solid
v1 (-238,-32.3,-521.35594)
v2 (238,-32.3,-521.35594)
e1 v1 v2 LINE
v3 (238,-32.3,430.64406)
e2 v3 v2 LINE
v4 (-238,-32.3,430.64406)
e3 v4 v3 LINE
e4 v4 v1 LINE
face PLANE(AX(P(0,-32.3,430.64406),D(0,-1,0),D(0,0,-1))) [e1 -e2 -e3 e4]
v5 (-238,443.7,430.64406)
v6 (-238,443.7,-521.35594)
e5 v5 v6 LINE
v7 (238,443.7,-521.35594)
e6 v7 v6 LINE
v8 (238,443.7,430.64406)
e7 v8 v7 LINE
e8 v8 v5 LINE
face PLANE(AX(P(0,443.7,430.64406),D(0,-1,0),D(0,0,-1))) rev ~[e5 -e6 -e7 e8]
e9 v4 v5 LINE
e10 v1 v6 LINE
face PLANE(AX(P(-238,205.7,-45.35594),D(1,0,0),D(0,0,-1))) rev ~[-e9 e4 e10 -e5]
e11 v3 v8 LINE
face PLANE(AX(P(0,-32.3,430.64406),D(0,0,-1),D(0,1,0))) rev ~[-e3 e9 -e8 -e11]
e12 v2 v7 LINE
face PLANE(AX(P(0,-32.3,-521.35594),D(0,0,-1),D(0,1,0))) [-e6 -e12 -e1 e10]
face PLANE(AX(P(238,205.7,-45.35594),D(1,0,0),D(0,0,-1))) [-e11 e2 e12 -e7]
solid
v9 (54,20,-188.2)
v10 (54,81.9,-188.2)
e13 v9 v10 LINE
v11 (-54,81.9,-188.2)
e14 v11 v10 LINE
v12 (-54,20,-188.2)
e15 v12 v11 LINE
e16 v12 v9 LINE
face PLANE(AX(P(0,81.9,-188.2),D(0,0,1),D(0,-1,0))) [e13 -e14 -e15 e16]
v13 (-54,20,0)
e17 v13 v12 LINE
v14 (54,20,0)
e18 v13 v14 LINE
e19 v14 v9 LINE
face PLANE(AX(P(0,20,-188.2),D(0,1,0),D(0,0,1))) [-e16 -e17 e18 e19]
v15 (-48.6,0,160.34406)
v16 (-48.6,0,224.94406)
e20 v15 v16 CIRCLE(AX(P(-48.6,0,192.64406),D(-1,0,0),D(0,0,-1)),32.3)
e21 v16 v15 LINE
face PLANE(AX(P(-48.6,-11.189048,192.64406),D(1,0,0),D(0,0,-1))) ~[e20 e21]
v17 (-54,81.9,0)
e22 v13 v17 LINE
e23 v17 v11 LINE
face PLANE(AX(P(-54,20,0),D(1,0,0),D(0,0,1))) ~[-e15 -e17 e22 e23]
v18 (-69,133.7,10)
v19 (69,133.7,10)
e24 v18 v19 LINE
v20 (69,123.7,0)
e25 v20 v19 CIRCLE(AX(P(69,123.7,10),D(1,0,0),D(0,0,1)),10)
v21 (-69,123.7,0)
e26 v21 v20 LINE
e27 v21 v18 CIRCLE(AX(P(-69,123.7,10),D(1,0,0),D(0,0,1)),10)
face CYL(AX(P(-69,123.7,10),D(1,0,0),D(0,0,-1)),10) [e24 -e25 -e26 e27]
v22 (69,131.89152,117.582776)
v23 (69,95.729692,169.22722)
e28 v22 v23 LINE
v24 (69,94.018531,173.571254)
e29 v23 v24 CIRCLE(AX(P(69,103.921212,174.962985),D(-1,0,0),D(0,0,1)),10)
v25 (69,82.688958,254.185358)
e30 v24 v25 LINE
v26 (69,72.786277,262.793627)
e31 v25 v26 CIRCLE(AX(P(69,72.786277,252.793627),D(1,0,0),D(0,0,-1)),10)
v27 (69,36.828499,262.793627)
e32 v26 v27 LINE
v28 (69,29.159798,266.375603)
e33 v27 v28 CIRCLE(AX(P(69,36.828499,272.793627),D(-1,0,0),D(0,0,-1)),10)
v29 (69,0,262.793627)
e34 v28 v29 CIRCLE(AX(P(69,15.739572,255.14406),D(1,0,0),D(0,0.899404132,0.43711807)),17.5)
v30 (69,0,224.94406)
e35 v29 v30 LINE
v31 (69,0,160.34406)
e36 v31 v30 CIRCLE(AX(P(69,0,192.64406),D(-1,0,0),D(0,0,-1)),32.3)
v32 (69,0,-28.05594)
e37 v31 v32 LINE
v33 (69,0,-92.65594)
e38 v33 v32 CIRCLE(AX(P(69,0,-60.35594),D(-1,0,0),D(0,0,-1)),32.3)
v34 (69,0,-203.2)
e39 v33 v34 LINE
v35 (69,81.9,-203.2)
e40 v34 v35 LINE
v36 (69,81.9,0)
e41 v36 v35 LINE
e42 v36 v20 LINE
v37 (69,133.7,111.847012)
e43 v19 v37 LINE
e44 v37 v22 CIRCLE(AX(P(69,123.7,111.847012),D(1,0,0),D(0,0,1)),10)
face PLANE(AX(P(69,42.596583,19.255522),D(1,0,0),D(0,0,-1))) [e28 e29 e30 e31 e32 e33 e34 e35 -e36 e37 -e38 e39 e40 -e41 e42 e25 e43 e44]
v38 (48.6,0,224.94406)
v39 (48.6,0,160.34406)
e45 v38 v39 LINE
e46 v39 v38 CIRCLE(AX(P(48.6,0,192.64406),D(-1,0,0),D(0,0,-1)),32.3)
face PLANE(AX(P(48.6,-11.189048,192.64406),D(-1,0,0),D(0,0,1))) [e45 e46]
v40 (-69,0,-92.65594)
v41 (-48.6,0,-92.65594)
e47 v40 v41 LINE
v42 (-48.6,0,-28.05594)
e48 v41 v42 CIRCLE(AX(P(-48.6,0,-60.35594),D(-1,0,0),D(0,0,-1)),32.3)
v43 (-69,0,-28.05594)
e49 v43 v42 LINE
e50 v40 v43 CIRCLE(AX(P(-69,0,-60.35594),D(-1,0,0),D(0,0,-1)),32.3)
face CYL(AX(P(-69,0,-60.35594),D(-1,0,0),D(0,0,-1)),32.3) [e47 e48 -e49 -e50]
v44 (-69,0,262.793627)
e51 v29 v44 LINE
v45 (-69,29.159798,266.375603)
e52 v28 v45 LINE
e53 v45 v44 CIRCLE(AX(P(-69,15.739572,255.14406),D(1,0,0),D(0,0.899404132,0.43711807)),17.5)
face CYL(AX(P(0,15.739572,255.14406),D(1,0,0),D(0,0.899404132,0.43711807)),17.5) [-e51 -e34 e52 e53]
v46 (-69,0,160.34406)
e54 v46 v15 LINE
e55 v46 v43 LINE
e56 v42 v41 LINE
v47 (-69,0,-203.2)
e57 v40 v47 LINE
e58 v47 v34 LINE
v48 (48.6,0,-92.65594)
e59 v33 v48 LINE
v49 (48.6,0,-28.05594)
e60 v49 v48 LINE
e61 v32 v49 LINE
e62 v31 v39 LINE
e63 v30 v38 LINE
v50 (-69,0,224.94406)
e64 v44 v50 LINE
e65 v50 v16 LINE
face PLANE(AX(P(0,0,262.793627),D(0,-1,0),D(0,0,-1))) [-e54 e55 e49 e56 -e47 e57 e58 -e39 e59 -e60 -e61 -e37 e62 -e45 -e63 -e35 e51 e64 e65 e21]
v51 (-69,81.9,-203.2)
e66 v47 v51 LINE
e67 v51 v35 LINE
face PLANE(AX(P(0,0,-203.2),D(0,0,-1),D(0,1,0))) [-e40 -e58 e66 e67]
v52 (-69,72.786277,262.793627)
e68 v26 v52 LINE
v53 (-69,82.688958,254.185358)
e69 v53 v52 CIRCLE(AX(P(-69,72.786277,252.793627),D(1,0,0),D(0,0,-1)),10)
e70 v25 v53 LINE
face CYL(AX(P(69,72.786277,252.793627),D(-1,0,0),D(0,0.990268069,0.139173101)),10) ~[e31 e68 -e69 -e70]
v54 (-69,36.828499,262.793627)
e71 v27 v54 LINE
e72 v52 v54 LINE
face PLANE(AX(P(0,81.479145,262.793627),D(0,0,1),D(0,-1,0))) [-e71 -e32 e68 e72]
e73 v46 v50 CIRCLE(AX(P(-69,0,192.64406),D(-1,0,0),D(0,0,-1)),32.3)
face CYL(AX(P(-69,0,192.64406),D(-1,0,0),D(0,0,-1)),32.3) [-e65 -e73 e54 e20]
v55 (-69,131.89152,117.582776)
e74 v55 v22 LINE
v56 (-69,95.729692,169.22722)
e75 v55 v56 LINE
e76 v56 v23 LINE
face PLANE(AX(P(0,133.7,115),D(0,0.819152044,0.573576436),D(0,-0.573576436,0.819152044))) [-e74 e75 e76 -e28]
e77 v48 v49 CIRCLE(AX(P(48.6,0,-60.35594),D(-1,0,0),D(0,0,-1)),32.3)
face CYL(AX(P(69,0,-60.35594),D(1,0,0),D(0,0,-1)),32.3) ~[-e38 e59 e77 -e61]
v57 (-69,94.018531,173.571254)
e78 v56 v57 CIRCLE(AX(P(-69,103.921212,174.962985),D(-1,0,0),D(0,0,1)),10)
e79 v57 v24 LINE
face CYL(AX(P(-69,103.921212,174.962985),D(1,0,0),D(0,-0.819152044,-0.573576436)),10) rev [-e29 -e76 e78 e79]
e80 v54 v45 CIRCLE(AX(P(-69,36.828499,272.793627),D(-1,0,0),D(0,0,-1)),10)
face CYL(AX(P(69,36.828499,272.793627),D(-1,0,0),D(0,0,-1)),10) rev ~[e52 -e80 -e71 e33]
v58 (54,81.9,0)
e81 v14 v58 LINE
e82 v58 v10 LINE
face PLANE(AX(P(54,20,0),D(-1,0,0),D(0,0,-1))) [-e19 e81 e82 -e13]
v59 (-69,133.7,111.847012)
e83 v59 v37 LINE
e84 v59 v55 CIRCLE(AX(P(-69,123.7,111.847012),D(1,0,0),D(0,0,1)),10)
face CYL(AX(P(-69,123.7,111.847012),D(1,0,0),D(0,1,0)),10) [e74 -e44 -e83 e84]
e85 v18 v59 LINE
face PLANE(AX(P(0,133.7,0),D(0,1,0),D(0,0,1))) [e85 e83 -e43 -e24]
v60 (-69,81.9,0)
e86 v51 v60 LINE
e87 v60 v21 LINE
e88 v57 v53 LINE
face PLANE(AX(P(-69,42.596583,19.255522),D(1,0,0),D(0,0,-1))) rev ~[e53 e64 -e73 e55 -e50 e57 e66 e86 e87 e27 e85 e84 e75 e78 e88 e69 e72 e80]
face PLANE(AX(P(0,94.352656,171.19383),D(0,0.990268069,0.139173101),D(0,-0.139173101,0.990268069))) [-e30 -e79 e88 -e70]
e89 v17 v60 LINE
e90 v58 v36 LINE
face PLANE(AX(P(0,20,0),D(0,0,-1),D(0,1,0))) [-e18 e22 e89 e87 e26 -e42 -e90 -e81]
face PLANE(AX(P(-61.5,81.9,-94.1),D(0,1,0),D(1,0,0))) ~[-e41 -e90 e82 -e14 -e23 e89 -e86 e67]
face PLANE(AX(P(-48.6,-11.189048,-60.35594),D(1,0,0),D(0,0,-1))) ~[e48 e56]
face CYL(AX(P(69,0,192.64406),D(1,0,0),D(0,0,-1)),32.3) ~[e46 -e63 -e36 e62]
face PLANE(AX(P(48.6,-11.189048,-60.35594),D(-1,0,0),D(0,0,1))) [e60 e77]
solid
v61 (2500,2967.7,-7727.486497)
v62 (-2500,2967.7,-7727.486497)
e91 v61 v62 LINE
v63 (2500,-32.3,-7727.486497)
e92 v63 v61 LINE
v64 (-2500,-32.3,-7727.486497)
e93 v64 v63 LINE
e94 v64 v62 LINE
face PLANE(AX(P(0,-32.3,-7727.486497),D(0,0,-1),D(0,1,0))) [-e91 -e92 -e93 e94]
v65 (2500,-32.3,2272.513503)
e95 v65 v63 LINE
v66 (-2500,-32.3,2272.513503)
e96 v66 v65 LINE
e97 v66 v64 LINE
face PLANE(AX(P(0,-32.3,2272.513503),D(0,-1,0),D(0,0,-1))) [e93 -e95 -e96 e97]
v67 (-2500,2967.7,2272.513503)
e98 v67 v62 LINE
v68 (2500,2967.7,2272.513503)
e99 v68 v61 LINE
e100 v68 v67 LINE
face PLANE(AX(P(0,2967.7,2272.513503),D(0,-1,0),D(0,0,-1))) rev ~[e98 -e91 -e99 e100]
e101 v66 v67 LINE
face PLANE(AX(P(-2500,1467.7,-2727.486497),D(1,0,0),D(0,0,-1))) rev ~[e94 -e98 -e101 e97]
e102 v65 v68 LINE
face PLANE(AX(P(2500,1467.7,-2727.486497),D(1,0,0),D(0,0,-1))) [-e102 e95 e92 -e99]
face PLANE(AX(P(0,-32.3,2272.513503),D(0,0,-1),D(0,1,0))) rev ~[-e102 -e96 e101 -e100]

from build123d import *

# Parameters (mm, degrees)
BOSS_EXTRUDE1_DEPTH = 69
SKETCH4_W           = 15
SKETCH4_H           = 188.2
BOSS_EXTRUDE2_DEPTH = 61.9
BOSS_EXTRUDE3_DEPTH = 20.4
FILLET1_R           = 10
SKETCH6_W           = 10000
SKETCH6_H           = 3000
BOSS_EXTRUDE4_DEPTH = 2500
SKETCH7_W           = 952
SKETCH7_H           = 476
BOSS_EXTRUDE5_DEPTH = 238


with BuildPart() as part:
    # Sketch2 → Boss-Extrude1 (new body, symmetric)
    with BuildSketch(Plane(origin=(0, 0, 0), x_dir=(0, 0, -1), z_dir=(1, 0, 0))):
        with BuildLine():
            Line((-262.793626597, 0), (0, 0))
            Line((0, 0), (203.2, 0))
            Line((203.2, 0), (203.2, 81.9))
            Line((203.2, 81.9), (188.2, 81.9))
            Line((188.2, 81.9), (188.2, 20))
            Line((188.2, 20), (0, 20))
            Line((0, 20), (0, 133.7))
            Line((0, 133.7), (-115, 133.7))
            Line((-115, 133.7), (-171.193830238, 94.352656466))
            Line((-171.193830238, 94.352656466), (-262.793626597, 81.479144628))
            Line((-262.793626597, 81.479144628), (-262.793626597, 31.479144628))
            ThreePointArc((-262.793626597, 31.479144628), (-272.644060375, 15.739572314), (-262.793626597, 0))
        make_face()
    extrude(amount=BOSS_EXTRUDE1_DEPTH, both=True)

    # Sketch4 → Boss-Extrude2 (add)
    with BuildSketch(Plane(origin=(0, 20, 0), x_dir=(1, 0, 0), z_dir=(0, 1, 0))):
        with Locations((61.5, 94.1)):
            Rectangle(SKETCH4_W, SKETCH4_H)
    boss_extrude2 = extrude(amount=BOSS_EXTRUDE2_DEPTH)

    # Mirror1: Boss-Extrude2 across plane
    add(boss_extrude2.mirror(Plane(origin=(0, 0, 0), x_dir=(0, 0, 1), z_dir=(1, 0, 0))))

    # Sketch5 → Boss-Extrude3 (add)
    with BuildSketch(Plane(origin=(69, 0, 0), x_dir=(0, 0, -1), z_dir=(1, 0, 0))):
        with BuildLine():
            Line((-224.944060375, 0), (-160.344060375, 0))
            ThreePointArc((-160.344060375, 0), (-192.644060375, -32.3), (-224.944060375, 0))
        make_face()
        with BuildLine():
            Line((28.055939625, 0), (92.655939625, 0))
            ThreePointArc((92.655939625, 0), (60.355939625, -32.3), (28.055939625, 0))
        make_face()
    boss_extrude3 = extrude(amount=-BOSS_EXTRUDE3_DEPTH)

    # Mirror2: Boss-Extrude3 across plane
    add(boss_extrude3.mirror(Plane(origin=(0, 0, 0), x_dir=(0, 0, 1), z_dir=(1, 0, 0))))

    # Fillet1
    fillet1_edges = [part.edges().sort_by_distance(p)[0] for p in [
        (0, 31.479144628, 262.793626597),
        (0, 81.479144628, 262.793626597),
        (0, 94.352656466, 171.193830238),
        (0, 133.7, 115),
        (0, 133.7, 0),
    ]]
    fillet(fillet1_edges, radius=FILLET1_R)


with BuildPart() as body_2:
    # Sketch6 → Boss-Extrude4 (new body, symmetric)
    with BuildSketch(Plane(origin=(0, 0, 0), x_dir=(0, 0, -1), z_dir=(1, 0, 0))):
        with Locations((2727.48649749, 1467.7)):
            Rectangle(SKETCH6_W, SKETCH6_H)
    extrude(amount=BOSS_EXTRUDE4_DEPTH, both=True)


with BuildPart() as body_3:
    # Sketch7 → Boss-Extrude5 (new body, symmetric)
    with BuildSketch(Plane(origin=(0, 0, 0), x_dir=(0, 0, -1), z_dir=(1, 0, 0))):
        with Locations((45.355939625, 205.7)):
            Rectangle(SKETCH7_W, SKETCH7_H)
    extrude(amount=BOSS_EXTRUDE5_DEPTH, both=True)


solid = Compound([part.part, body_2.part, body_3.part])
